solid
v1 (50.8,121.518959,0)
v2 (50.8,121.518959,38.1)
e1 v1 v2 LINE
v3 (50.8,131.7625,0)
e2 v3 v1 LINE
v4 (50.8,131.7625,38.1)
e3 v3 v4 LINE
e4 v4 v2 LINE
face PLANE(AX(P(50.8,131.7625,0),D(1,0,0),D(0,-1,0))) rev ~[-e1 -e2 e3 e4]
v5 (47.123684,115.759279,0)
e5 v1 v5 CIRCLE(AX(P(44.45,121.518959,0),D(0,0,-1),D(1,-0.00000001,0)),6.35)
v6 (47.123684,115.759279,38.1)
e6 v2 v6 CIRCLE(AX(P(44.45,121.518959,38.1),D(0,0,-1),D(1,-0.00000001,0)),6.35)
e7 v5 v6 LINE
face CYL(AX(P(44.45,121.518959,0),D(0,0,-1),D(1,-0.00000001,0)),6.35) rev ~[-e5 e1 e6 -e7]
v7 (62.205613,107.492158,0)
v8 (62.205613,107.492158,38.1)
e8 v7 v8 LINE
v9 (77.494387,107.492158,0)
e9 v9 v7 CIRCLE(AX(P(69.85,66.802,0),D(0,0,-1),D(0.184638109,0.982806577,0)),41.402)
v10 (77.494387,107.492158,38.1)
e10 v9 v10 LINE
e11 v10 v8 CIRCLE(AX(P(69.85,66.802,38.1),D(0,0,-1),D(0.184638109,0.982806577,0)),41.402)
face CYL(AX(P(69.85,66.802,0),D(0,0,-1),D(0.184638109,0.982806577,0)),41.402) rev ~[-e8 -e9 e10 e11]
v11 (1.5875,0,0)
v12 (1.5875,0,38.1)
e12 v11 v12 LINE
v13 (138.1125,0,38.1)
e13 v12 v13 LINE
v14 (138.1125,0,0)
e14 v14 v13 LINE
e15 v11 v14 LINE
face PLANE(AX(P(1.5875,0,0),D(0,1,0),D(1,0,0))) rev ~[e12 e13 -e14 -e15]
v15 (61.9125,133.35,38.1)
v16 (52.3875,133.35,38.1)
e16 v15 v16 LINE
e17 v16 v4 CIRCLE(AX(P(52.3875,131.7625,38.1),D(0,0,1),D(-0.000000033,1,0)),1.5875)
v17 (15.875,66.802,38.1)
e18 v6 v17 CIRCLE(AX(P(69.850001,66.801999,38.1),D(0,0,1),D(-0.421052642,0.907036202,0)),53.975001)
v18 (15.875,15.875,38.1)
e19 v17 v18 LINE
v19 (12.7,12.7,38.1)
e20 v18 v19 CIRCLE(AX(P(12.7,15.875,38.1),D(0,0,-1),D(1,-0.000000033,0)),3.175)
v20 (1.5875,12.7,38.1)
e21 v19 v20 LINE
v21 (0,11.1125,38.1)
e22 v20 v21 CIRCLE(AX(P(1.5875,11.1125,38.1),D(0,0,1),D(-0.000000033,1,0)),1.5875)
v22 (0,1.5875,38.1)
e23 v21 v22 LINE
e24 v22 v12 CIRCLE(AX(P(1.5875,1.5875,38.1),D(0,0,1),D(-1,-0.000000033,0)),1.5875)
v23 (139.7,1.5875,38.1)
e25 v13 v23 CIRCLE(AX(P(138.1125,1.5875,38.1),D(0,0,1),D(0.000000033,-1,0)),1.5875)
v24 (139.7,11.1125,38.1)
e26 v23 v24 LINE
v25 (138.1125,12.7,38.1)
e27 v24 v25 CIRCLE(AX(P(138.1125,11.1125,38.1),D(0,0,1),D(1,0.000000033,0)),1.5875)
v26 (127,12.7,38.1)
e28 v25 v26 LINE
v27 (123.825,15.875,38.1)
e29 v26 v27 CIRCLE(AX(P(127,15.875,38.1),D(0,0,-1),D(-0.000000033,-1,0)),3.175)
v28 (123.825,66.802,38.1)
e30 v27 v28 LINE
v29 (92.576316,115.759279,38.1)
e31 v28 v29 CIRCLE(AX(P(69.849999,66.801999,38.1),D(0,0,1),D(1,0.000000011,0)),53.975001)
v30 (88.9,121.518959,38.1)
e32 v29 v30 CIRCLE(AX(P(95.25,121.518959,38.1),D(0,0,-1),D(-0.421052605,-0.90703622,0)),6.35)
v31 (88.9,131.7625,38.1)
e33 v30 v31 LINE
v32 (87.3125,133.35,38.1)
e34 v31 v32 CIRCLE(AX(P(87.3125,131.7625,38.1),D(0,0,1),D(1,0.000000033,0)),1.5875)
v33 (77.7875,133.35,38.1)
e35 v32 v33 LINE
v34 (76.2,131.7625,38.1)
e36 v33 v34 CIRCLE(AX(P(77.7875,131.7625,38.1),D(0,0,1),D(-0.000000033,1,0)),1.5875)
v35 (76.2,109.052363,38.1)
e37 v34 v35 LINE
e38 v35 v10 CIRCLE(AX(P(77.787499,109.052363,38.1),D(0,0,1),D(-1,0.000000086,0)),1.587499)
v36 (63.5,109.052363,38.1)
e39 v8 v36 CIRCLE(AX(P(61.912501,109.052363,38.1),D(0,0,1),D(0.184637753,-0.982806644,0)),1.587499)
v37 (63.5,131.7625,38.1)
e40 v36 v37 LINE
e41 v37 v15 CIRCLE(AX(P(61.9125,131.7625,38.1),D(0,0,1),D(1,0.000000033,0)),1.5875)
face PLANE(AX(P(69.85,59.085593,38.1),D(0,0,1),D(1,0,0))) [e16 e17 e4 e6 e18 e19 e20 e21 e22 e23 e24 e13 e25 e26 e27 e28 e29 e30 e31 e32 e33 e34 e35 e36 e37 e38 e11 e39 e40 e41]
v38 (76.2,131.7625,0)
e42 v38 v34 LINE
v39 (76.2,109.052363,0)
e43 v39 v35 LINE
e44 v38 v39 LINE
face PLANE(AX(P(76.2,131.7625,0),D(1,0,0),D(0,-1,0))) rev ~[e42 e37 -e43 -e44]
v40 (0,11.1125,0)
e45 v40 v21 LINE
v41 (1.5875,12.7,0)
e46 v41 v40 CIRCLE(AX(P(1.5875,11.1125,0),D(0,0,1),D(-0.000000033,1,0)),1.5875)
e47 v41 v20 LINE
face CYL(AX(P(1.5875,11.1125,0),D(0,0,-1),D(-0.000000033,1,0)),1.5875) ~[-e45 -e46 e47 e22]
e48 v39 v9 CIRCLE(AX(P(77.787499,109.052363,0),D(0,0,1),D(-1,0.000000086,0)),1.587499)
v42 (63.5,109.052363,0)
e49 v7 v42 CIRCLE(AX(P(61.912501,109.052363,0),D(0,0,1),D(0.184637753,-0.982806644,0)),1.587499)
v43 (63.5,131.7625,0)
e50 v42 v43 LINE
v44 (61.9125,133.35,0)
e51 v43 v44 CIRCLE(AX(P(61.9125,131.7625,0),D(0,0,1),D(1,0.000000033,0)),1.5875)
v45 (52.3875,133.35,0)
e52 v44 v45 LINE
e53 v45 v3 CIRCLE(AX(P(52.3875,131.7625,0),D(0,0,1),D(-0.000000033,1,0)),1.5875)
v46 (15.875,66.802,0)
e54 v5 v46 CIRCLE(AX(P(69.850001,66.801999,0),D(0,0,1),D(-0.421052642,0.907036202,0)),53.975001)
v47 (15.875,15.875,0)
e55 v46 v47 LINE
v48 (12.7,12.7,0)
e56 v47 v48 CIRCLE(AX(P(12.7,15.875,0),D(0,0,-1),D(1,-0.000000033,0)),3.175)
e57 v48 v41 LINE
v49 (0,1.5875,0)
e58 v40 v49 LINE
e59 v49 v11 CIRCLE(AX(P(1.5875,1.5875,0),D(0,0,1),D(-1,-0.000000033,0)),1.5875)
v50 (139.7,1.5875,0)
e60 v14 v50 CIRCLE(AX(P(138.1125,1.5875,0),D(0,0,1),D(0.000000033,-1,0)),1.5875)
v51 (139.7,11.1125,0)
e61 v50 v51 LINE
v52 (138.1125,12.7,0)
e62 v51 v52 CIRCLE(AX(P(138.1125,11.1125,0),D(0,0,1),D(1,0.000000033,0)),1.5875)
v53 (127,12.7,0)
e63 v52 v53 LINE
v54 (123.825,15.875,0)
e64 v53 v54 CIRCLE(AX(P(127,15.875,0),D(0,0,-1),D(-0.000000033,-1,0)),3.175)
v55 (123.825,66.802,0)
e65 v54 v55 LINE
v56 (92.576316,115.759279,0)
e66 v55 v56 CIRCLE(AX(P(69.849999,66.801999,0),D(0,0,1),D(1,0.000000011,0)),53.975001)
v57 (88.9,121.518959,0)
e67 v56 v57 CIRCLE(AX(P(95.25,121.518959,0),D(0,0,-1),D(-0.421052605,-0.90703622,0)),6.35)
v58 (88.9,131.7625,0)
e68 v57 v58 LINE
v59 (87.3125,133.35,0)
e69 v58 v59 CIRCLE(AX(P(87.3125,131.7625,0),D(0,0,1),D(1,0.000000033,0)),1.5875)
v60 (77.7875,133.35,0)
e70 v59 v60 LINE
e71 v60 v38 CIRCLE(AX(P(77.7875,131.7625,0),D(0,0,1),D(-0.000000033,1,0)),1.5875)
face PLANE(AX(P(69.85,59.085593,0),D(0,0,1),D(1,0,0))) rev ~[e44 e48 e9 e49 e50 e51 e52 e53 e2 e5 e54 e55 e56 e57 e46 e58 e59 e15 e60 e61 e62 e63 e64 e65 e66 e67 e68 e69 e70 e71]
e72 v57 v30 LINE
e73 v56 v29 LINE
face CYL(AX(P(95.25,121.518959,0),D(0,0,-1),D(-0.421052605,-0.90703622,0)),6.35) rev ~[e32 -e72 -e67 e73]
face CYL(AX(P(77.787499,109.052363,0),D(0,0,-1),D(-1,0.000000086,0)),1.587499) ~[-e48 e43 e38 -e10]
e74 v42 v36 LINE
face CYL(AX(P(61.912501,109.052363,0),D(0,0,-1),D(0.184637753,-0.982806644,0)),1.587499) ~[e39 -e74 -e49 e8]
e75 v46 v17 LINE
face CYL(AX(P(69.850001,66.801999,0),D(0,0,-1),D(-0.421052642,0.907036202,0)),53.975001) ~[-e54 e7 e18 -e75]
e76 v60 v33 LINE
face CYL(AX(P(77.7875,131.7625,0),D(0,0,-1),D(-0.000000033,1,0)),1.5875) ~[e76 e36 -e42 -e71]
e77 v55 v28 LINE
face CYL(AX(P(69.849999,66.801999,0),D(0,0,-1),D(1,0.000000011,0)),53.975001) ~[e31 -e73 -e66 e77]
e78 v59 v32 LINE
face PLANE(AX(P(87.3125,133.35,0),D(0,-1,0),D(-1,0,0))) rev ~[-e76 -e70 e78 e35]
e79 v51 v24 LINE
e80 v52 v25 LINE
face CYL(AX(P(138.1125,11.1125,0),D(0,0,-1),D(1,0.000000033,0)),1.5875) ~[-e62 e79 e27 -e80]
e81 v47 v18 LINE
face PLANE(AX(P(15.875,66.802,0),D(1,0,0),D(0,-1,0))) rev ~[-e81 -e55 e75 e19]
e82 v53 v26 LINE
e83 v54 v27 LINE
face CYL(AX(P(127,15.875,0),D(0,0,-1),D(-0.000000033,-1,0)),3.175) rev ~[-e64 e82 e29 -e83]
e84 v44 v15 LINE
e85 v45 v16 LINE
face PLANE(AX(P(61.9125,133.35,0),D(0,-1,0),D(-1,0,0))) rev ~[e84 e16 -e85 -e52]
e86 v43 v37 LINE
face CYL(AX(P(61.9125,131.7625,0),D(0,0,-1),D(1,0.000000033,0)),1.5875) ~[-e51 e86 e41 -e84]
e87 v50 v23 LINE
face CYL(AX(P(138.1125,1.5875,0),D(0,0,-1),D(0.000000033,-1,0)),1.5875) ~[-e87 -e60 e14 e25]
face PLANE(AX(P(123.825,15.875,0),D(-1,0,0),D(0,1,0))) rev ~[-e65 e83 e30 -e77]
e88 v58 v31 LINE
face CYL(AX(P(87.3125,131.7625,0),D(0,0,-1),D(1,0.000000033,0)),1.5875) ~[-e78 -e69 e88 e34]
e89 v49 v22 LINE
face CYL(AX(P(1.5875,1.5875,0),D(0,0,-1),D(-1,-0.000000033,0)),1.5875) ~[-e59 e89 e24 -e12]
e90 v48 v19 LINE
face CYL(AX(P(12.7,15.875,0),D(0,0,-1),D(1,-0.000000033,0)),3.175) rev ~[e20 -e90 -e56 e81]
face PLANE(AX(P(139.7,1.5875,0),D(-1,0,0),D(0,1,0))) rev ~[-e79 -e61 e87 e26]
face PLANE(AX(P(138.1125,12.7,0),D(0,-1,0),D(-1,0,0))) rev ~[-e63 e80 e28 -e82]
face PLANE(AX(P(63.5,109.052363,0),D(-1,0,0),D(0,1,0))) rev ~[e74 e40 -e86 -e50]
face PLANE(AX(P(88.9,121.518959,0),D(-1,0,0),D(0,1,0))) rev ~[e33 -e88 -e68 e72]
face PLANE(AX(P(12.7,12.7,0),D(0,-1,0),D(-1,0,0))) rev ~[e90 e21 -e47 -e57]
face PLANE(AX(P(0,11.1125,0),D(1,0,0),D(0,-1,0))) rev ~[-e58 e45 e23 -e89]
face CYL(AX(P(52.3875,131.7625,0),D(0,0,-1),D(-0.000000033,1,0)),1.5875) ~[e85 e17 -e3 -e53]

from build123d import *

# Parameters (mm, degrees)
F1_DEPTH = 38.1


with BuildPart() as f1:
    # F0 (on Top) → F1 (new body)
    with BuildSketch(Plane.XY):
        with BuildLine():
            ThreePointArc((0, 1.5875), (0.464968, 0.464968), (1.5875, 0))
            Line((1.5875, 0), (138.1125, 0))
            ThreePointArc((138.1125, 0), (139.235032, 0.464968), (139.7, 1.5875))
            Line((139.7, 1.5875), (139.7, 11.1125))
            ThreePointArc((139.7, 11.1125), (139.235032, 12.235032), (138.1125, 12.7))
            Line((138.1125, 12.7), (127, 12.7))
            ThreePointArc((127, 12.7), (124.754936, 13.629936), (123.825, 15.875))
            Line((123.825, 15.875), (123.825, 66.802))
            ThreePointArc((123.825, 66.802), (115.346997, 95.842039), (92.576316, 115.759279))
            ThreePointArc((92.576316, 115.759279), (89.897412, 118.102484), (88.9, 121.518959))
            Line((88.9, 121.518959), (88.9, 131.7625))
            ThreePointArc((88.9, 131.7625), (88.435032, 132.885032), (87.3125, 133.35))
            Line((87.3125, 133.35), (77.7875, 133.35))
            ThreePointArc((77.7875, 133.35), (76.664968, 132.885032), (76.2, 131.7625))
            Line((76.2, 131.7625), (76.2, 109.052363))
            ThreePointArc((76.2, 109.052363), (76.565724, 108.038746), (77.494387, 107.492158))
            ThreePointArc((77.494387, 107.492158), (69.85, 25.4), (62.205613, 107.492158))
            ThreePointArc((62.205613, 107.492158), (63.134276, 108.038746), (63.5, 109.052363))
            Line((63.5, 109.052363), (63.5, 131.7625))
            ThreePointArc((63.5, 131.7625), (63.035032, 132.885032), (61.9125, 133.35))
            Line((61.9125, 133.35), (52.3875, 133.35))
            ThreePointArc((52.3875, 133.35), (51.264968, 132.885032), (50.8, 131.7625))
            Line((50.8, 131.7625), (50.8, 121.518959))
            ThreePointArc((50.8, 121.518959), (49.802588, 118.102484), (47.123684, 115.759279))
            ThreePointArc((47.123684, 115.759279), (24.353003, 95.842039), (15.875, 66.802))
            Line((15.875, 66.802), (15.875, 15.875))
            ThreePointArc((15.875, 15.875), (14.945064, 13.629936), (12.7, 12.7))
            Line((12.7, 12.7), (1.5875, 12.7))
            ThreePointArc((1.5875, 12.7), (0.464968, 12.235032), (0, 11.1125))
            Line((0, 11.1125), (0, 1.5875))
        make_face()
    extrude(amount=F1_DEPTH)


solid = f1.part
